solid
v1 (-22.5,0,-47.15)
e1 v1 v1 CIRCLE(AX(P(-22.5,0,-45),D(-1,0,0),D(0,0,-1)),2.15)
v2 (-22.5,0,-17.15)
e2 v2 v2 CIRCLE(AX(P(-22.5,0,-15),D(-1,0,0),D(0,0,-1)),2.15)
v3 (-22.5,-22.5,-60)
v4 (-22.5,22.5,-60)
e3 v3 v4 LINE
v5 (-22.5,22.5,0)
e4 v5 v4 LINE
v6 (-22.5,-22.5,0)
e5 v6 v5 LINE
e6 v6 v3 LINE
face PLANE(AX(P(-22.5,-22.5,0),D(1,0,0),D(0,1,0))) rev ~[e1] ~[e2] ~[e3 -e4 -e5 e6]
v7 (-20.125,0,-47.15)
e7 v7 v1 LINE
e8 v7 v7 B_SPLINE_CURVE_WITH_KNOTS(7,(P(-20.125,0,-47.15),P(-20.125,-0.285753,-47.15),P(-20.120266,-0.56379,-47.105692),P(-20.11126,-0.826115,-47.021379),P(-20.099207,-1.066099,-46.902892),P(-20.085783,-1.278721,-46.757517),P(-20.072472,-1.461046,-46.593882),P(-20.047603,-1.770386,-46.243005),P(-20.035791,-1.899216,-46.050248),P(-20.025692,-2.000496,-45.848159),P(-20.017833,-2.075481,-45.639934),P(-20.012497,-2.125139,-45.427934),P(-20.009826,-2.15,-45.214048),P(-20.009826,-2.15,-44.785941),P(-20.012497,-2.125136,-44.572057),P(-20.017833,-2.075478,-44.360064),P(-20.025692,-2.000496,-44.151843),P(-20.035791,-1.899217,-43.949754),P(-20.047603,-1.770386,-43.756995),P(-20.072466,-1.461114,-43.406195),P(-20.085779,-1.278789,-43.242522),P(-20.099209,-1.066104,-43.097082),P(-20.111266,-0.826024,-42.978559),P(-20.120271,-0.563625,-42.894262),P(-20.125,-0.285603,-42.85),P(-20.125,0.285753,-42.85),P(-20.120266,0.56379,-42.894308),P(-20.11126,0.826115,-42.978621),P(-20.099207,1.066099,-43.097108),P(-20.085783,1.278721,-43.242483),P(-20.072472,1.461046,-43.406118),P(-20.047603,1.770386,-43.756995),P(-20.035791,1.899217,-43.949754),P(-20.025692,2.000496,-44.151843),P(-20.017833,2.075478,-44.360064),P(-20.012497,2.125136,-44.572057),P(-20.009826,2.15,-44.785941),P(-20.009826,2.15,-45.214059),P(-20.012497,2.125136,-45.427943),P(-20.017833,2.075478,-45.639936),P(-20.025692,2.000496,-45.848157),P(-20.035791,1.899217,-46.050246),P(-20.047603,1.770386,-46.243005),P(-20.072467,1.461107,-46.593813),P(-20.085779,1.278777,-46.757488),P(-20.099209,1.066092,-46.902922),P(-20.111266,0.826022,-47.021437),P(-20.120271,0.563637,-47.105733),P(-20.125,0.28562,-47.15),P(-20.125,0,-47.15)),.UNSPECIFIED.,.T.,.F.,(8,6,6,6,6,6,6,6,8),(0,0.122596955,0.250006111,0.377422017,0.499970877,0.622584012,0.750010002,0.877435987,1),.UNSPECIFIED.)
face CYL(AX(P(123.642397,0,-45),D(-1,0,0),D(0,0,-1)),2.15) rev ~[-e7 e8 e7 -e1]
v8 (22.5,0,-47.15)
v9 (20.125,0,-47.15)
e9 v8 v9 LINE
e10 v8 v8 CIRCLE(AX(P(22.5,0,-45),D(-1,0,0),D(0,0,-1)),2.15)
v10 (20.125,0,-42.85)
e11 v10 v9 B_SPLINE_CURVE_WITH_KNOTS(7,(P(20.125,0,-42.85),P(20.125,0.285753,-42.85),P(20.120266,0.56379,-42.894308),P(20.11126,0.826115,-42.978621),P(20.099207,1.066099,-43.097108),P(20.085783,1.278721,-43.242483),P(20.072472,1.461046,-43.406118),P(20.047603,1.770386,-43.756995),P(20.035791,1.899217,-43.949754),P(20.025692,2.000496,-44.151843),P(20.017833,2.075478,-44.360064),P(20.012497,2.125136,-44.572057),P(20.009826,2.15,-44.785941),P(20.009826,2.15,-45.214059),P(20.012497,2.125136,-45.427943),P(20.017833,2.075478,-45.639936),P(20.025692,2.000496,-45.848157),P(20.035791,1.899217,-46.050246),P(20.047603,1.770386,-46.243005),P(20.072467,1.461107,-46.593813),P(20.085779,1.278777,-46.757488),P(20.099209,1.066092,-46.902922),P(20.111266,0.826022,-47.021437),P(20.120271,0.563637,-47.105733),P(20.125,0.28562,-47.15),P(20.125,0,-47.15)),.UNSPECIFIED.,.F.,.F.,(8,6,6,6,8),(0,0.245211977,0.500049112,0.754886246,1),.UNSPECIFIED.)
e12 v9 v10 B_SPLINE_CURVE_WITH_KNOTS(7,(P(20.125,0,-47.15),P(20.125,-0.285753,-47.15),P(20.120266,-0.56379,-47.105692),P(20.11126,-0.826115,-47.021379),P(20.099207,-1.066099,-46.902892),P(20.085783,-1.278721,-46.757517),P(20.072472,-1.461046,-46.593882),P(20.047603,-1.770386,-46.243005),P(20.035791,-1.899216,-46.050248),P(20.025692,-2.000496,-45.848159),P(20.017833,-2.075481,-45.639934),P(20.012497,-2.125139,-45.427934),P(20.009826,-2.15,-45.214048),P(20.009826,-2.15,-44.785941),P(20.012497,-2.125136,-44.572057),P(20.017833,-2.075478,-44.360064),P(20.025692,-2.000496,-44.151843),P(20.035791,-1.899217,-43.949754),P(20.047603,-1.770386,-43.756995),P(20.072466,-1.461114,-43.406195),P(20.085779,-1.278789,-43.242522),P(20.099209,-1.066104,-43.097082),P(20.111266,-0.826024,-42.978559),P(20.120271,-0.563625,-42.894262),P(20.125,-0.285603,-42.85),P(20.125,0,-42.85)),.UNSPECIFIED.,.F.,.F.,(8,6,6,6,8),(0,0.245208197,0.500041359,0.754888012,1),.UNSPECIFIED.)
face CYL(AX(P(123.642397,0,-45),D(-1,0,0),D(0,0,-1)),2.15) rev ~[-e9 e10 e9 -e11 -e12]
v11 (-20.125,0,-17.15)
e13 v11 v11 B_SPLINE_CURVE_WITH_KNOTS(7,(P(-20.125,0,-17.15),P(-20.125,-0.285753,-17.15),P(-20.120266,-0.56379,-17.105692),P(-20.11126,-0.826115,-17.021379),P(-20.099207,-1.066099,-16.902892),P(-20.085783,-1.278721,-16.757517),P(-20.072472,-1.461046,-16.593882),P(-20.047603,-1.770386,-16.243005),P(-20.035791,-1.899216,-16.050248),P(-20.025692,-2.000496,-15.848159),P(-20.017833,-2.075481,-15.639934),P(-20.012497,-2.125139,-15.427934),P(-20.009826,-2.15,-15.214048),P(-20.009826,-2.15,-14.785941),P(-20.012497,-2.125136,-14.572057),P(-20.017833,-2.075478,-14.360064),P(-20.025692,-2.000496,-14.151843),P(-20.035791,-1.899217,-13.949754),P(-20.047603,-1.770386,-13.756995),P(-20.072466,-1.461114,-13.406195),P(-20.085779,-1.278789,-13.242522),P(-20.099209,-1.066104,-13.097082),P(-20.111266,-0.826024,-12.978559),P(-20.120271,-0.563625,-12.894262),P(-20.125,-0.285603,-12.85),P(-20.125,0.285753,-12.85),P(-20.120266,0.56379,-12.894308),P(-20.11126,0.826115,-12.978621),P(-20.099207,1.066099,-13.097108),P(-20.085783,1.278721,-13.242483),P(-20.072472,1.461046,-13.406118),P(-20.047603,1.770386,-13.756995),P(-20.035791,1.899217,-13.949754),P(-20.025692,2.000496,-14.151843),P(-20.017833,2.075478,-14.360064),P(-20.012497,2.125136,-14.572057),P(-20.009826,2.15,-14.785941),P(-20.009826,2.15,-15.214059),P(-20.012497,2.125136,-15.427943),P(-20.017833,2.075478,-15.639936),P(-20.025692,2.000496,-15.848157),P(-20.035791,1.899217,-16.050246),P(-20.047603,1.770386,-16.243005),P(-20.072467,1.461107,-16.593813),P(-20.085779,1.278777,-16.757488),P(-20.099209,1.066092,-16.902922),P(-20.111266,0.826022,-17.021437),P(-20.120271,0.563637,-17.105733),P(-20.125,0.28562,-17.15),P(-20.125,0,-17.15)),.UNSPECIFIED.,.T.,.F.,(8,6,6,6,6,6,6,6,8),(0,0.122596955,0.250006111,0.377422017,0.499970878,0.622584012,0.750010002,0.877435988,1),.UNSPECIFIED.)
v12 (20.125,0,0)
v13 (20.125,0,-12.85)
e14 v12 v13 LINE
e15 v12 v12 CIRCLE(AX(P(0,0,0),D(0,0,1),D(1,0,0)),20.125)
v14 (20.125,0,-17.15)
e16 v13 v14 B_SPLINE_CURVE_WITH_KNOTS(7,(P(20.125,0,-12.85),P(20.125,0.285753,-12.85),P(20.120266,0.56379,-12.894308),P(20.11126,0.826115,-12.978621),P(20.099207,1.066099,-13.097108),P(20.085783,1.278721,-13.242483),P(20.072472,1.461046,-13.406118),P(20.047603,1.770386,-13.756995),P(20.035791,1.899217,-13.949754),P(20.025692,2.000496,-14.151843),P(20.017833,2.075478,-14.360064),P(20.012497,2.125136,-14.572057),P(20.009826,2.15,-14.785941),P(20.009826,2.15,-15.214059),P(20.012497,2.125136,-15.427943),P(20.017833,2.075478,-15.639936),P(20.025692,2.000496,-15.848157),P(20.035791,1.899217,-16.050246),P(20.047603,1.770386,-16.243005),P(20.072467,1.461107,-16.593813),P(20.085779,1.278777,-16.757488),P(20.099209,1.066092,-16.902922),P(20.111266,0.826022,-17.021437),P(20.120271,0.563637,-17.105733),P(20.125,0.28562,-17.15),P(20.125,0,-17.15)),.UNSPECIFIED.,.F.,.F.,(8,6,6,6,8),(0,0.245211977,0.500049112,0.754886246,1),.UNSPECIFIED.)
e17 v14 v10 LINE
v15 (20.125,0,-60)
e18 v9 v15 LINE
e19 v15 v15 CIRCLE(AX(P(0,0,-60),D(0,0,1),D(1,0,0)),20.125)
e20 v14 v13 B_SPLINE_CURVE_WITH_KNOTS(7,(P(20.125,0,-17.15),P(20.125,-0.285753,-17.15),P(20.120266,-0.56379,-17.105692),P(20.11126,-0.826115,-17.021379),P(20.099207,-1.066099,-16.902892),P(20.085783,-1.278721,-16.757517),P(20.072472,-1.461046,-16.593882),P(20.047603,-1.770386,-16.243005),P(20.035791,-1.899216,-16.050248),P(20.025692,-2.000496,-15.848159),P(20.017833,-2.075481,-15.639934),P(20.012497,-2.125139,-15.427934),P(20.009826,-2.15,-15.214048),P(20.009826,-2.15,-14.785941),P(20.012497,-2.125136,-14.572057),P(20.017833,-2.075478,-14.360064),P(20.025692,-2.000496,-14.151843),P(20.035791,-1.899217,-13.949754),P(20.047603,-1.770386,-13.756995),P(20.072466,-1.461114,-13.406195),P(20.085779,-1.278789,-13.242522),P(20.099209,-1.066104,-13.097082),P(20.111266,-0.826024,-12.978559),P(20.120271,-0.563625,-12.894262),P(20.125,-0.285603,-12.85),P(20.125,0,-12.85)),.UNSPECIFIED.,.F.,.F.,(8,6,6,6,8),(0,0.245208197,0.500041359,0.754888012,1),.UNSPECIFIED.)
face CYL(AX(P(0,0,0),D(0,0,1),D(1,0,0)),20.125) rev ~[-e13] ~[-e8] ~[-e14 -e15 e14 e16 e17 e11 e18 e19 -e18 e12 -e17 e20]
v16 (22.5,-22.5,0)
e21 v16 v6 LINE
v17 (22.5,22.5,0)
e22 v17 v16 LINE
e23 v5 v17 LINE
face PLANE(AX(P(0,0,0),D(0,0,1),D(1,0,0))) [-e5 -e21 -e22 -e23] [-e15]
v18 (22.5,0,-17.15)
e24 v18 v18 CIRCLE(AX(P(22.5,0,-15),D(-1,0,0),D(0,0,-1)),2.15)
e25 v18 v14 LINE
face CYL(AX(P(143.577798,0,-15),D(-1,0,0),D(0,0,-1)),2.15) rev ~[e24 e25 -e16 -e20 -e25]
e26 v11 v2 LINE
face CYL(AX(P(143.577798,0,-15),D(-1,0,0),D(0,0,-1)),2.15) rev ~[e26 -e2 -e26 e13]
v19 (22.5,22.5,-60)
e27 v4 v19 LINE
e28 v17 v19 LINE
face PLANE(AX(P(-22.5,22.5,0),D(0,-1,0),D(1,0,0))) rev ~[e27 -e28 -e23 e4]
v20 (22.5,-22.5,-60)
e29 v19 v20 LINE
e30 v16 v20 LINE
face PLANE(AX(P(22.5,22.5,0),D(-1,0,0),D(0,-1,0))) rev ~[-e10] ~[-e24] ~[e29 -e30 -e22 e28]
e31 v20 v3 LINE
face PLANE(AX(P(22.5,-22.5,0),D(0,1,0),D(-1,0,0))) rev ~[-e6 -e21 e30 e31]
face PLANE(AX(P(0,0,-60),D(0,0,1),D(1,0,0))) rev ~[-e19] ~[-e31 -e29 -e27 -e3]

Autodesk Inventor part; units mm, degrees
ref_plane "YZ Plane" through (0, 0, 0) normal (1, 0, 0) x (0, 1, 0)
ref_plane "XZ Plane" through (0, 0, 0) normal (0, 1, 0) x (-1, 0, 0)
ref_plane "XY Plane" through (0, 0, 0) normal (0, 0, 1) x (1, 0, 0)
sketch "Sketch1" plane through (0, 0, 0) normal (1, 0, 0) x (0, 1, 0)
  line L0 (0, 0) -> (0, -15)
  line L1 (0, -15) -> (0, -45)
  line L2 (0, -45) -> (0, -60)
  dimension "d0" = 15
  dimension "d2" = 30
  dimension "d3" = 15
sketch "Sketch2" plane through (0, 0, 0) normal (0, 0, 1) x (1, 0, 0)
  line L0 (-22.5, 22.5) -> (22.5, 22.5)
  line L1 (22.5, 22.5) -> (22.5, -22.5)
  line L2 (22.5, -22.5) -> (-22.5, -22.5)
  line L3 (-22.5, -22.5) -> (-22.5, 22.5)
  line L4 (-22.5, 22.5) -> (22.5, -22.5) construction
  line L5 (22.5, 22.5) -> (-22.5, -22.5) construction
  circle A0 centre (0, 0) radius 20.125
  dimension "d6" = 45
  dimension "d7" = 45
  dimension "d8" = 40.25
extrude "Extrusion1" add sketch "Sketch2" against normal blind 60
hole "Hole1" at (0, 0, -15) at (0, 0, -45) direction (-1, 0, 0) diameter 4.3 end through all both
properties part number "Bohrschablone_Oben"
